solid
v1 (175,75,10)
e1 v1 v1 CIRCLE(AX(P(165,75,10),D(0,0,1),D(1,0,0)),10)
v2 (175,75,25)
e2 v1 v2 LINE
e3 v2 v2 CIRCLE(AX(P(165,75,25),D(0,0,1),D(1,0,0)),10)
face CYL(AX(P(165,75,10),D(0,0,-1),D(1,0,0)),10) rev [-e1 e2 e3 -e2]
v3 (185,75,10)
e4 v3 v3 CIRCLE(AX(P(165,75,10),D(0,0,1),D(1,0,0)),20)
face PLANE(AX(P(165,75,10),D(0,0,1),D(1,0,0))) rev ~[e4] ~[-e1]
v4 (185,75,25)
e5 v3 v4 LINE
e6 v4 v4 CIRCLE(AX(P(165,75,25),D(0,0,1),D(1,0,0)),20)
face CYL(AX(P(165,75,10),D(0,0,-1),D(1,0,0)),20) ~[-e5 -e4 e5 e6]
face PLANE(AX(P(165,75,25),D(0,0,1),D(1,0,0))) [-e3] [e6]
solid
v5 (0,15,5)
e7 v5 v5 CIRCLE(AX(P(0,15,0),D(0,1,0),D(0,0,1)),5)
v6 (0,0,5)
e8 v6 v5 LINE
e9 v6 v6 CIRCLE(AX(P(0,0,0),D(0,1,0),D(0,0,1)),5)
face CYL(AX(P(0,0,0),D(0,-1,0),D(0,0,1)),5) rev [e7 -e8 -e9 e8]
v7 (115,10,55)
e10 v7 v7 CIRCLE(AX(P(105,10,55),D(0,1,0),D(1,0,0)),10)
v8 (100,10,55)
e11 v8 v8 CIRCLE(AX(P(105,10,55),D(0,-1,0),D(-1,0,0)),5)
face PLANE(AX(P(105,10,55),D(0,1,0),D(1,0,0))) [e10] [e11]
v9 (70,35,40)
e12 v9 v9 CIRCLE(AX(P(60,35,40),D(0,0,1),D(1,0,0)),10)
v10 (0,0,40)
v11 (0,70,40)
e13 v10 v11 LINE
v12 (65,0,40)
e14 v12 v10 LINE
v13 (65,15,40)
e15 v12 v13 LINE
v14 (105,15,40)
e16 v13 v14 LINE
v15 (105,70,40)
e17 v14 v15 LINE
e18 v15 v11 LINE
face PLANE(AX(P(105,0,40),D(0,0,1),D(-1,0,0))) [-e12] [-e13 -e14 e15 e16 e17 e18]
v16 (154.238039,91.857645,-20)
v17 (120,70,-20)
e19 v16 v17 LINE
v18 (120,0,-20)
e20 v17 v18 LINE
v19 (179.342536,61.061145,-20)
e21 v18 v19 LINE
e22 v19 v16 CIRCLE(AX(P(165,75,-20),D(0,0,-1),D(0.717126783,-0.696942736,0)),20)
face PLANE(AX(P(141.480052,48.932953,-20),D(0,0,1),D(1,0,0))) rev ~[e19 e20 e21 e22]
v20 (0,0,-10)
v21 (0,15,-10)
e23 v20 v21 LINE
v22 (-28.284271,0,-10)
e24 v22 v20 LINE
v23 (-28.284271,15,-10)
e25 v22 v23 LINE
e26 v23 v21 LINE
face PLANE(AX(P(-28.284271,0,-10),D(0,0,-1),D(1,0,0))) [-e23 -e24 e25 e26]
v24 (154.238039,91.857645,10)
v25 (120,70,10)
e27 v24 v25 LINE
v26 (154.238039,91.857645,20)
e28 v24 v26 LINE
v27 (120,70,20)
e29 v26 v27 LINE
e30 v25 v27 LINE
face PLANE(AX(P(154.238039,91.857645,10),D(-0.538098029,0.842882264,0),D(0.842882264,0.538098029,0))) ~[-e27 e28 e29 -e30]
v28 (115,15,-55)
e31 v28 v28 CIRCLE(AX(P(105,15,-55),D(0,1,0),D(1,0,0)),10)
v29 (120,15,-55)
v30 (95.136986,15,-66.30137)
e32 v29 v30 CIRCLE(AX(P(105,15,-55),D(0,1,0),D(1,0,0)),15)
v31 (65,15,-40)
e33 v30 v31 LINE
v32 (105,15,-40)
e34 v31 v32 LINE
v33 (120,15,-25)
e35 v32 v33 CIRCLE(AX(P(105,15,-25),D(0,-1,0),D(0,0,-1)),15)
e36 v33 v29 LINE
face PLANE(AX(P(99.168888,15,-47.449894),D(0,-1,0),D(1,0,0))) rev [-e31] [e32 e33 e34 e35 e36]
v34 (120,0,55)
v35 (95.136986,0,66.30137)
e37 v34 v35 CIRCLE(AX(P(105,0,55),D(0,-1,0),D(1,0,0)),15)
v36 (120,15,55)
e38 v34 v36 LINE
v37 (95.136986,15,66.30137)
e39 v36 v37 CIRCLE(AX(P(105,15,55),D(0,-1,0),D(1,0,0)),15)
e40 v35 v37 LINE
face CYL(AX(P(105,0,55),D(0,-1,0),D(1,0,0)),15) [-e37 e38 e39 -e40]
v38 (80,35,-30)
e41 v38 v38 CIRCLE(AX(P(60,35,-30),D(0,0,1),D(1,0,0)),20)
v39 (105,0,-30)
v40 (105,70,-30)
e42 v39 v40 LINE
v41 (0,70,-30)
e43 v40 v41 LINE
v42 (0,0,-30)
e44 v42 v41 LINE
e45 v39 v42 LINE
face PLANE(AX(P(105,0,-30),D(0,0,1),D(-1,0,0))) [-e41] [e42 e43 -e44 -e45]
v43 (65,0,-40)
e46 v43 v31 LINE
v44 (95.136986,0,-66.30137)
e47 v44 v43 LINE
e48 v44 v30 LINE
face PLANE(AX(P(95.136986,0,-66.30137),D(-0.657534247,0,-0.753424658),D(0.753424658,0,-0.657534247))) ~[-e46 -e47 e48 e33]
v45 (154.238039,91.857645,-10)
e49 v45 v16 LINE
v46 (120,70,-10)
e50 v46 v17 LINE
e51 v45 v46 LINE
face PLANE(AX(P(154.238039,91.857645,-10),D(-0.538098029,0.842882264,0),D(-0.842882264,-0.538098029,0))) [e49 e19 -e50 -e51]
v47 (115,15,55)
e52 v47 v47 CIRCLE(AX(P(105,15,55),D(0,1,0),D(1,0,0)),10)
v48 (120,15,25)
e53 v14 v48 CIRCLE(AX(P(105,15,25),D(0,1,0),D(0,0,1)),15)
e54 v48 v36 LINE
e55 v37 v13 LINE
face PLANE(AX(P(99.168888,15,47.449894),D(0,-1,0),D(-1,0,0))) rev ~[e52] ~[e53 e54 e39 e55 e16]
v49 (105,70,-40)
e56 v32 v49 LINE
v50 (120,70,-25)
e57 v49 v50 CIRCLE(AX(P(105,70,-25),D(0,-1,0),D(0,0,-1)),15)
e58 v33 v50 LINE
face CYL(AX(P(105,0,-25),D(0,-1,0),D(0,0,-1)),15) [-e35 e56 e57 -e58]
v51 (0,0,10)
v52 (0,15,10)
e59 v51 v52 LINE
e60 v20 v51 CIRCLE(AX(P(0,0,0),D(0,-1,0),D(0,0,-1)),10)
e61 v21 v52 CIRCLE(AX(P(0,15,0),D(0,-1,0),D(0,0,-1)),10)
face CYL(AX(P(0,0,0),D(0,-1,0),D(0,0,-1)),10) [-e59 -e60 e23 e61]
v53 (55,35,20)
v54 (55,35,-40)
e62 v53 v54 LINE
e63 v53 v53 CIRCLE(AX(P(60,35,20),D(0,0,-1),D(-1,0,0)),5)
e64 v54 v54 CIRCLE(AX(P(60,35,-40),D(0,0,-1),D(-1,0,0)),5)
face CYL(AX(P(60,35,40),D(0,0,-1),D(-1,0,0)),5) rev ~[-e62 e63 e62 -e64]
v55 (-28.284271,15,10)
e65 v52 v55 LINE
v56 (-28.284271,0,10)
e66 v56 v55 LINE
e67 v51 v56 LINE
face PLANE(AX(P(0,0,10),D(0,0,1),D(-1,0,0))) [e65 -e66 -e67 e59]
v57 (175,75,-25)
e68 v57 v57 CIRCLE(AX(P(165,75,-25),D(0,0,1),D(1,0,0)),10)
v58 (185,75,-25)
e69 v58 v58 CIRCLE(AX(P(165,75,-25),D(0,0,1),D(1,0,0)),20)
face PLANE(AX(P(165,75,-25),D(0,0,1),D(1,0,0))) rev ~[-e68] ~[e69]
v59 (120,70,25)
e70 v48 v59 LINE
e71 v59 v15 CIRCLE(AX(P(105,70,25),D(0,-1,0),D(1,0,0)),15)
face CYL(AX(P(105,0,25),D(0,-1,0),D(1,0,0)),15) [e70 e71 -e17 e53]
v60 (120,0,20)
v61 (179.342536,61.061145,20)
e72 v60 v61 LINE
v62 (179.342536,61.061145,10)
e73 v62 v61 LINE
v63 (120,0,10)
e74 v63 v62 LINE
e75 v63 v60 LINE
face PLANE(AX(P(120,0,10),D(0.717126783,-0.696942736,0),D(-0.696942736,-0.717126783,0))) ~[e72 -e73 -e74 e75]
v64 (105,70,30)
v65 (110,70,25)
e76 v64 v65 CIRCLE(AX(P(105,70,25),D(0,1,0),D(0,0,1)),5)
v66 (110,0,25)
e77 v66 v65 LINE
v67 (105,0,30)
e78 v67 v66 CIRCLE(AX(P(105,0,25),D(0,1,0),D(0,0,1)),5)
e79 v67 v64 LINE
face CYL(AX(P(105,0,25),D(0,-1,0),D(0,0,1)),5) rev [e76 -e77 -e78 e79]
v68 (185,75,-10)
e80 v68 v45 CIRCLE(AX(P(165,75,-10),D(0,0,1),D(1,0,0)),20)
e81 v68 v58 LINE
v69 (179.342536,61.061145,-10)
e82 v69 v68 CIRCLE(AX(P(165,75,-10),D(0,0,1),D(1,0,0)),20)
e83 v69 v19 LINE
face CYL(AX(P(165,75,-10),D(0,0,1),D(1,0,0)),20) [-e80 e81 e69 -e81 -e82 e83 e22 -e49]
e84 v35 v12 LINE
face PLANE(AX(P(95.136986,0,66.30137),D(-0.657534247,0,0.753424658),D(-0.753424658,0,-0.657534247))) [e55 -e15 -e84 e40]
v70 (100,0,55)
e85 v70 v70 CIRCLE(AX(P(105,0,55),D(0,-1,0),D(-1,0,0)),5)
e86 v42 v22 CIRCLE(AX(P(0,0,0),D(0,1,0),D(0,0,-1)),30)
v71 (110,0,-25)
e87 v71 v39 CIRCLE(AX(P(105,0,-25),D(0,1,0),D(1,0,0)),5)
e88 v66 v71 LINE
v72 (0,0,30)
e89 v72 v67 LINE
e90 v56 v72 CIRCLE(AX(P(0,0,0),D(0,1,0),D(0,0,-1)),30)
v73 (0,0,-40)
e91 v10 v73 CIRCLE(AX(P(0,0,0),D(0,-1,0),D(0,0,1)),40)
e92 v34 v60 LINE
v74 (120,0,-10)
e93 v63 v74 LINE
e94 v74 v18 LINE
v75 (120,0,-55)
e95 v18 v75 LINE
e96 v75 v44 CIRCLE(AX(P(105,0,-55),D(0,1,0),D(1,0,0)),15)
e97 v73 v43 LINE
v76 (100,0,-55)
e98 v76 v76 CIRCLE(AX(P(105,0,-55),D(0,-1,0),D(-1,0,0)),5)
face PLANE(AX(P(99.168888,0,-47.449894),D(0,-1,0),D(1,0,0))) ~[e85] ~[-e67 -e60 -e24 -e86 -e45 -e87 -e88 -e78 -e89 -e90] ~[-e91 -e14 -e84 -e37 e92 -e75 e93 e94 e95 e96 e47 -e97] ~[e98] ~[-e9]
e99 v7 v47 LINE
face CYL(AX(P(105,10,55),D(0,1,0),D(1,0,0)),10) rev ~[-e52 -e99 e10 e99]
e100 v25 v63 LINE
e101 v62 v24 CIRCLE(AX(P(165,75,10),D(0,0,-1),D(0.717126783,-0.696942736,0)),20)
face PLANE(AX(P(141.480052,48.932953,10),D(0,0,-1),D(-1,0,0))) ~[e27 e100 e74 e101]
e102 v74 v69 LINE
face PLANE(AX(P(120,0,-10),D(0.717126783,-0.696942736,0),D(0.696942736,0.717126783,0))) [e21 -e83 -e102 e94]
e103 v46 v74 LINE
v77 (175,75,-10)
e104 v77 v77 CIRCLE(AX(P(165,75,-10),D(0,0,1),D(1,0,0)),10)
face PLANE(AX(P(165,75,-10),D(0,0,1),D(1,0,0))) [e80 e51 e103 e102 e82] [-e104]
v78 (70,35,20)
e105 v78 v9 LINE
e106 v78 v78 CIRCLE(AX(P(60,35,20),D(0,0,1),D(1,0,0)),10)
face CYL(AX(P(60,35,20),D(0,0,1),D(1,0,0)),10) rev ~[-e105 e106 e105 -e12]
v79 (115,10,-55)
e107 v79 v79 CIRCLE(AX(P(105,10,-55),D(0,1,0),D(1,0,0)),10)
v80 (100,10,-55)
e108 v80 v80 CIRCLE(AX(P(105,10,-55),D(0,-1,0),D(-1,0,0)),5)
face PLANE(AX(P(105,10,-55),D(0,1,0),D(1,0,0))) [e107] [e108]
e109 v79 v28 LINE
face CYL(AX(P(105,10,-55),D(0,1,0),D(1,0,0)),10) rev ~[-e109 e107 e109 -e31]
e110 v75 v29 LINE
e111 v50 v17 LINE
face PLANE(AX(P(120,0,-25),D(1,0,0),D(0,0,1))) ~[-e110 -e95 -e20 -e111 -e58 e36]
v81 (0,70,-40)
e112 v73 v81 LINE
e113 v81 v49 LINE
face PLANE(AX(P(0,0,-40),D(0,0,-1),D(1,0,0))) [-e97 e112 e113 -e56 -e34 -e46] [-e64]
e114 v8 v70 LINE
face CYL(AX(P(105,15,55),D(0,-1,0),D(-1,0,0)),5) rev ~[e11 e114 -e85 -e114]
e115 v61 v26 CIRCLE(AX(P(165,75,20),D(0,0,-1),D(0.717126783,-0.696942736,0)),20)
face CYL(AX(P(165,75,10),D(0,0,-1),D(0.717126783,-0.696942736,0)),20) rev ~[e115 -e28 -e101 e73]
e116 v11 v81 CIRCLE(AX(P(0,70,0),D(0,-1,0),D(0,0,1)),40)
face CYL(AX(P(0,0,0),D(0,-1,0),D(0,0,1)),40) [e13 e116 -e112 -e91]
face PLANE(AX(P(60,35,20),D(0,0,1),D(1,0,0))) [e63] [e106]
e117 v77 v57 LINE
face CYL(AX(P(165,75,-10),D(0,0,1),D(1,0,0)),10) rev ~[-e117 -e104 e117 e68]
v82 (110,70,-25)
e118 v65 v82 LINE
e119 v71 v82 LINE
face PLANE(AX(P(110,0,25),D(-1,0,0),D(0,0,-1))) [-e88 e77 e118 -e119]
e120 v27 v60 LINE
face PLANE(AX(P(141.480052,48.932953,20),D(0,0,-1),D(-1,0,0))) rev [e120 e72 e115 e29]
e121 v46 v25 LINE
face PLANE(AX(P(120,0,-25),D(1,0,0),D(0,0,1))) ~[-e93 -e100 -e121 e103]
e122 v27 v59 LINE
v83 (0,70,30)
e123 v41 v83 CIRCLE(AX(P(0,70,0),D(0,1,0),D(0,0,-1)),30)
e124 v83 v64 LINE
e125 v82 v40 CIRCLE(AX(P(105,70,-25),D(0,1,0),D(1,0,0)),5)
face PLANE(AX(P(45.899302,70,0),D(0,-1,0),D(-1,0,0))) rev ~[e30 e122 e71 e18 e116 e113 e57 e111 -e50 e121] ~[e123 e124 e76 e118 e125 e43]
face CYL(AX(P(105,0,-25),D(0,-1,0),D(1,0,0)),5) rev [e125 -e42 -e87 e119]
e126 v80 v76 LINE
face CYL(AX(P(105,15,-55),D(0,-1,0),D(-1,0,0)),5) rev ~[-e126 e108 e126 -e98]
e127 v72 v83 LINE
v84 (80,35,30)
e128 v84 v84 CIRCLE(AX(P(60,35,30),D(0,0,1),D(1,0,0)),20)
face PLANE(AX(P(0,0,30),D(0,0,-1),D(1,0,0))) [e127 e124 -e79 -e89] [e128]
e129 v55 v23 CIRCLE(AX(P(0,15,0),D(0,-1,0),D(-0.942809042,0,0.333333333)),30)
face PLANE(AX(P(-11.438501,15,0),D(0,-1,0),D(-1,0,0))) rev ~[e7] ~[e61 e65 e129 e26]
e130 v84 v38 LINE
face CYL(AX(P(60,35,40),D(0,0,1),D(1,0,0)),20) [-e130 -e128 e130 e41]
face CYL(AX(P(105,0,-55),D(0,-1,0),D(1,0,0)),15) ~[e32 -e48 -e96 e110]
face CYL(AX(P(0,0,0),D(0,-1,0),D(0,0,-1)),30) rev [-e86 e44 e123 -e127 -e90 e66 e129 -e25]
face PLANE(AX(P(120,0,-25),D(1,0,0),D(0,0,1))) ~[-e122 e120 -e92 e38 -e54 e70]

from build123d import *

# Parameters (mm, degrees)
BOSS_EXTRUDE1_DEPTH = 70
BOSS_EXTRUDE2_REACH = 162.312
SKETCH2_R           = 20
BOSS_EXTRUDE3_DEPTH = 15
HOLE1_D             = 10
HOLE1_CBORE_D       = 20
HOLE1_CBORE_DEPTH   = 5
HOLE2_D             = 10
HOLE2_CBORE_D       = 20
HOLE2_CBORE_DEPTH   = 20
BOSS_EXTRUDE4_START = 10
SKETCH10_R          = 20
SKETCH10_R_2        = 10
BOSS_EXTRUDE4_DEPTH = 15
BOSS_EXTRUDE5_START = -10
SKETCH11_R          = 20
SKETCH11_R_2        = 10
BOSS_EXTRUDE5_DEPTH = 15
BOSS_EXTRUDE6_DEPTH = 10
SKETCH13_R          = 5
BOSS_EXTRUDE7_DEPTH = 15


with BuildPart() as part:
    # Sketch1 → Boss-Extrude1 (new body)
    with BuildSketch(Plane(origin=(0, 0, 0), x_dir=(1, 0, 0), z_dir=(0, 1, 0))):
        with BuildLine():
            Line((0, 40), (105, 40))
            ThreePointArc((105, 40), (115.606601718, 35.606601718), (120, 25))
            Line((120, 25), (120, -25))
            ThreePointArc((120, -25), (115.606601718, -35.606601718), (105, -40))
            Line((105, -40), (0, -40))
            ThreePointArc((0, -40), (-40, 0), (0, 40))
        make_face()
        with BuildLine():
            Line((0, -30), (105, -30))
            ThreePointArc((105, -30), (108.535533906, -28.535533906), (110, -25))
            Line((110, -25), (110, 25))
            ThreePointArc((110, 25), (108.535533906, 28.535533906), (105, 30))
            Line((105, 30), (0, 30))
            ThreePointArc((0, 30), (-30, 0), (0, -30))
        make_face(mode=Mode.SUBTRACT)
    extrude(amount=BOSS_EXTRUDE1_DEPTH)

    # Sketch2 → Boss-Extrude2 (add, up to next)
    with BuildSketch(Plane.XY.offset(40), mode=Mode.PRIVATE) as boss_extrude2_sk1:
        with Locations((60, 35)):
            Circle(SKETCH2_R)
    boss_extrude2_tool1 = extrude(boss_extrude2_sk1.sketch, amount=-BOSS_EXTRUDE2_REACH, mode=Mode.PRIVATE) - part.part
    add(boss_extrude2_tool1.solids().sort_by_distance((60, 35, 40))[0])

    # Sketch3 → Boss-Extrude3 (add)
    with BuildSketch(Plane(origin=(0, 0, 0), x_dir=(1, 0, 0), z_dir=(0, 1, 0))):
        with BuildLine():
            Line((120, -25), (120, -55))
            ThreePointArc((120, -55), (111.207044165, -68.655497162), (95.136986301, -66.301369863))
            Line((95.136986301, -66.301369863), (65, -40))
            Line((65, -40), (105, -40))
            ThreePointArc((105, -40), (115.606601718, -35.606601718), (120, -25))
        make_face()
    boss_extrude3 = extrude(amount=BOSS_EXTRUDE3_DEPTH)

    # Mirror1: Boss-Extrude3 across plane
    add(boss_extrude3.mirror(Plane.XY))

    # Hole1 (through all)
    with Locations(Plane(origin=(0, 15, 0), x_dir=(1, 0, 0), z_dir=(0, 1, 0))):
        with Locations((105, -55), (105, 55)):
            CounterBoreHole(HOLE1_D / 2, HOLE1_CBORE_D / 2, HOLE1_CBORE_DEPTH)

    # Hole2 (through all)
    with Locations(Plane.XY.offset(40)):
        with Locations((60, 35)):
            CounterBoreHole(HOLE2_D / 2, HOLE2_CBORE_D / 2, HOLE2_CBORE_DEPTH)



with BuildPart() as body_2:
    # Sketch10 → Boss-Extrude4 (new body)
    with BuildSketch(Plane.XY.offset(BOSS_EXTRUDE4_START)):
        with Locations((165, 75)):
            Circle(SKETCH10_R)
        with Locations((165, 75)):
            Circle(SKETCH10_R_2, mode=Mode.SUBTRACT)
    extrude(amount=BOSS_EXTRUDE4_DEPTH)


with BuildPart() as body_3:
    # Sketch11 → Boss-Extrude5 (new body)
    with BuildSketch(Plane.XY.offset(BOSS_EXTRUDE5_START)):
        with Locations((165, 75)):
            Circle(SKETCH11_R)
        with Locations((165, 75)):
            Circle(SKETCH11_R_2, mode=Mode.SUBTRACT)
    extrude(amount=-BOSS_EXTRUDE5_DEPTH)


with BuildPart() as part_1:
    add(part.part)

    add(body_3.part)  # Boss-Extrude6 merges body 3
    # Sketch12 → Boss-Extrude6 (add)
    with BuildSketch(Plane.XY.offset(-10)):
        with BuildLine():
            Line((120, 15), (120, 0))
            Line((120, 0), (179.342535653, 61.061145275))
            ThreePointArc((179.342535653, 61.061145275), (149.498024882, 62.363197895), (154.238039414, 91.857645278))
            Line((154.238039414, 91.857645278), (120, 70))
            Line((120, 70), (120, 15))
        make_face()
    boss_extrude6 = extrude(amount=-BOSS_EXTRUDE6_DEPTH)

    # Mirror7: Boss-Extrude6 across plane
    add(boss_extrude6.mirror(Plane.XY))

    # Sketch13 → Boss-Extrude7 (add)
    with BuildSketch(Plane(origin=(0, 0, 0), x_dir=(1, 0, 0), z_dir=(0, 1, 0))):
        with BuildLine():
            Line((-28.284271247, 10), (0, 10))
            ThreePointArc((0, 10), (10, 0), (0, -10))
            Line((0, -10), (-28.284271247, -10))
            ThreePointArc((-28.284271247, -10), (-30, 0), (-28.284271247, 10))
        make_face()
        with Locations(Location((0, 0, 0), (0, 0, 270))):
            Circle(SKETCH13_R, mode=Mode.SUBTRACT)
    extrude(amount=BOSS_EXTRUDE7_DEPTH)


solid = Compound([body_2.part, part_1.part])
